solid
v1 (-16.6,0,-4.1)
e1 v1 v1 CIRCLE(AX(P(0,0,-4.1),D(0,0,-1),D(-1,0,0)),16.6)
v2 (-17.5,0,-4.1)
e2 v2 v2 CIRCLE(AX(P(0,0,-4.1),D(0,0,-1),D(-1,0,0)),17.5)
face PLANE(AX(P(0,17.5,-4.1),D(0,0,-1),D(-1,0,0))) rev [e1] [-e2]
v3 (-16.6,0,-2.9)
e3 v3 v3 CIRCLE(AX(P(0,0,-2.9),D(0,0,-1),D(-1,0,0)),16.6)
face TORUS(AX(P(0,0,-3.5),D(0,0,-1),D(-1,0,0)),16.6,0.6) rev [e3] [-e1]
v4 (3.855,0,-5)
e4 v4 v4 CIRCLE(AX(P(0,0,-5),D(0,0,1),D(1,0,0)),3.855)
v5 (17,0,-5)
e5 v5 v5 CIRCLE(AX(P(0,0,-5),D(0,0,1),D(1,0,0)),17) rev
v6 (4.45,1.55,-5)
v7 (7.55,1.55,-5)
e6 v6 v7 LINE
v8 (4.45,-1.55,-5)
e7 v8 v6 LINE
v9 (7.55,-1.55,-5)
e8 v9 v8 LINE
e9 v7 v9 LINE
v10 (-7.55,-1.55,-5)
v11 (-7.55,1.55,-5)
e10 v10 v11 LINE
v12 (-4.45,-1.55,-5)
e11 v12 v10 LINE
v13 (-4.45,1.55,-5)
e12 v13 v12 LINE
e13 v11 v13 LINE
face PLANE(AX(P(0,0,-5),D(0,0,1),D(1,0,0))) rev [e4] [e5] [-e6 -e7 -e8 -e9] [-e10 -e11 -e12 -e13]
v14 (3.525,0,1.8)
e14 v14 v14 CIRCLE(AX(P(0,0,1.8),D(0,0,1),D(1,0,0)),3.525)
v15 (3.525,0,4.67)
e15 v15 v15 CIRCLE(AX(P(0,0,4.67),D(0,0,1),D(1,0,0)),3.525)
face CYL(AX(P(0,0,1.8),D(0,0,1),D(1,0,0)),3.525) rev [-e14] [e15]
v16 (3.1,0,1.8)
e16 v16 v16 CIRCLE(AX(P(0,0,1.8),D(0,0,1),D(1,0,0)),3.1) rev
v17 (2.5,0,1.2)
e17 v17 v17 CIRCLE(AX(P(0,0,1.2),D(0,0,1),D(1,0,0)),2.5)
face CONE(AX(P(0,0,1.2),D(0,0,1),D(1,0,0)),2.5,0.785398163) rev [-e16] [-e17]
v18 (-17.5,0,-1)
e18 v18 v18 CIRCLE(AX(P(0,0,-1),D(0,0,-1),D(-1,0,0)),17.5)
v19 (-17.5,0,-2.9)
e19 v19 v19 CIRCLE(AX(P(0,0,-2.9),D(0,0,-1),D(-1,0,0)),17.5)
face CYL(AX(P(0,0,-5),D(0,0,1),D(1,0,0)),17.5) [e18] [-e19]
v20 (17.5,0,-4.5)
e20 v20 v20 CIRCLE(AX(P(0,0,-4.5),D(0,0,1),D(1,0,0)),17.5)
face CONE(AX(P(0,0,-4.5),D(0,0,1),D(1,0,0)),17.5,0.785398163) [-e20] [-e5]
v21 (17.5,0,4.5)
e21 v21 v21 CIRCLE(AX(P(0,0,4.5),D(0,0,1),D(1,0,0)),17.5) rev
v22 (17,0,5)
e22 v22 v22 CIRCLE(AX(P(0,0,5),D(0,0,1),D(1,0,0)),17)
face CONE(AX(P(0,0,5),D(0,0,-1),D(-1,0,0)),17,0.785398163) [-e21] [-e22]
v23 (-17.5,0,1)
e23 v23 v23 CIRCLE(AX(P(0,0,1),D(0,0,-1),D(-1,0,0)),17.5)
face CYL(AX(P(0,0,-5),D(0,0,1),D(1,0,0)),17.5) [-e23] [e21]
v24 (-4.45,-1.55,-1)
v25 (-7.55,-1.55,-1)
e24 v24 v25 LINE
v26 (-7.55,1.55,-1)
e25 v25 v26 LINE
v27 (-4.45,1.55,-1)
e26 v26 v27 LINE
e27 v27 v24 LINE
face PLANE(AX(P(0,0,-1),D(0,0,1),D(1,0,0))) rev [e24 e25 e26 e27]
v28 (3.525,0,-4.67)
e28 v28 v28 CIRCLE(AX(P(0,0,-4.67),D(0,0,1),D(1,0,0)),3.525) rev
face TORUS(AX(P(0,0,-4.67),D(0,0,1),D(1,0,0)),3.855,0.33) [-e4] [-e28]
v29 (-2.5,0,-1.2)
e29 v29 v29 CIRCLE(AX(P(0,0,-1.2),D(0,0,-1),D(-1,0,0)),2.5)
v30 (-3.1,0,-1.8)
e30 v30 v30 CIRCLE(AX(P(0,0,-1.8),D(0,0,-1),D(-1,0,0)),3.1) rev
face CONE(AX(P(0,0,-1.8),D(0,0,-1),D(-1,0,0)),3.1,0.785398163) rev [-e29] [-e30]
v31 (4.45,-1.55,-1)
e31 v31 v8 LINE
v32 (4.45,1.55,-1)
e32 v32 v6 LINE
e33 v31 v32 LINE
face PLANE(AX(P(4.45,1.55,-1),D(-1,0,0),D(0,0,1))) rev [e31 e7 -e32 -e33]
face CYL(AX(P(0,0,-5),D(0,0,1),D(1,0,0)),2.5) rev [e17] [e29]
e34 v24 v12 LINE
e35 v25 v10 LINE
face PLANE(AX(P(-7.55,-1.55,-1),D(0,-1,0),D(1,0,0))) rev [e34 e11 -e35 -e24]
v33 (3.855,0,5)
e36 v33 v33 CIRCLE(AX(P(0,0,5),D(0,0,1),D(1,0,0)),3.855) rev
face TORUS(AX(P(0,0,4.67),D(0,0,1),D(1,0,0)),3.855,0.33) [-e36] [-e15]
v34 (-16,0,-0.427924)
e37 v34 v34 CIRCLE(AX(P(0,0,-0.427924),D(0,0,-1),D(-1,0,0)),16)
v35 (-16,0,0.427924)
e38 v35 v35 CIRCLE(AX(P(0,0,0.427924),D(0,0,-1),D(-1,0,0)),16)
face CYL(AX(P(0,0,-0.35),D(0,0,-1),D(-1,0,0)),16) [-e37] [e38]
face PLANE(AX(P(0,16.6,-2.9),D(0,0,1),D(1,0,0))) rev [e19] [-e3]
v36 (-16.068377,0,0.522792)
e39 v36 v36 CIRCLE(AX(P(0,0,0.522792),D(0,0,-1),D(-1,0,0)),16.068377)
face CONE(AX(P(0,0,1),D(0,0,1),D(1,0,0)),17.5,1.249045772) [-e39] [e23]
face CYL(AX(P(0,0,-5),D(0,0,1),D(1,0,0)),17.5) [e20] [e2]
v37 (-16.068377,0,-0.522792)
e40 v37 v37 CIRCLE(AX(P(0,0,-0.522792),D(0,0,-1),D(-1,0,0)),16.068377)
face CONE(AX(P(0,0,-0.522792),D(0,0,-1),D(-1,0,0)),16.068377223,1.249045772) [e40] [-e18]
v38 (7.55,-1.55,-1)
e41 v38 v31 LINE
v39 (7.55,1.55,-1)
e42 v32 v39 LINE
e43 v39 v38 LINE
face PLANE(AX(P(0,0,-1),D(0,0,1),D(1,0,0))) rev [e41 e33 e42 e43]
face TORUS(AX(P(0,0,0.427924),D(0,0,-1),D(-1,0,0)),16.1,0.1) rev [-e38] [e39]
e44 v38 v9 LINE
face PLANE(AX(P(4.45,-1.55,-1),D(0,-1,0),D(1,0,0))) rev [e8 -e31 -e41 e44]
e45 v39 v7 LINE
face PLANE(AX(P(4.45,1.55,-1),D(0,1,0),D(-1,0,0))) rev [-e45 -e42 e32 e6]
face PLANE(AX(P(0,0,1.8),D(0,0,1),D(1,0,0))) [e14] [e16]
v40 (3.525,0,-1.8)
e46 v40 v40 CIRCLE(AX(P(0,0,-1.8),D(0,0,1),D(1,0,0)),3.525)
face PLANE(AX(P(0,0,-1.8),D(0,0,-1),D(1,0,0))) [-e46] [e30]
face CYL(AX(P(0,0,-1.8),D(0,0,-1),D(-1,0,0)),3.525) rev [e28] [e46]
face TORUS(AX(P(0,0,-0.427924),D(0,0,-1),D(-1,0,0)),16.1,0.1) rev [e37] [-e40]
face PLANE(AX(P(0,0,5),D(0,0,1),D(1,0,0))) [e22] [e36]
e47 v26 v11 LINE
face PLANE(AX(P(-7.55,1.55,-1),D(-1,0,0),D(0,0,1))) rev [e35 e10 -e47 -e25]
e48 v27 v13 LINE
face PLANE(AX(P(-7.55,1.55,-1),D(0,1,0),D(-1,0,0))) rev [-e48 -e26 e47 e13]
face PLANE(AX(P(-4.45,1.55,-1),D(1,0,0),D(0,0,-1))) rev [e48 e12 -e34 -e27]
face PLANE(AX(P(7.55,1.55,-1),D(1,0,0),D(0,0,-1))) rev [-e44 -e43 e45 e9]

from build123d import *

# Parameters (mm, degrees)
BOSS_EXTRUDE1_DEPTH      = 5
BOSS_EXTRUDE1_DEPTH_BACK = 5
SKETCH1_R                = 17.5
SKETCH2_R                = 3.525
CUT_EXTRUDE1_DEPTH       = 3.2
CHAMFER1_SIZE            = 0.5
SKETCH4_R                = 2.5
CUT_EXTRUDE2_DEPTH       = 26.665930725
CHAMFER2_SIZE            = 0.6
CHAMFER2_OF_MIRROR2_SIZE = 0.6
FILLET1_R                = 0.33
SKETCH9_W                = 3.1
SKETCH9_H                = 3.1
CUT_EXTRUDE4_DEPTH       = 4


with BuildPart() as part:
    # Sketch1 → Boss-Extrude1 (new, two sides: drawn at the far end of the back side and taken through both)
    with BuildSketch(Plane.XY.offset(-BOSS_EXTRUDE1_DEPTH_BACK)):
        Circle(SKETCH1_R)
    extrude(amount=BOSS_EXTRUDE1_DEPTH + BOSS_EXTRUDE1_DEPTH_BACK)

    # Sketch3 → Cut-Revolve1 (revolve, cut)
    with BuildSketch(Plane(origin=(0, 0, 0), x_dir=(0, 0, -1), z_dir=(1, 0, 0))):
        with BuildLine():
            Line((-1, 17.5), (-0.522792408, 16.068377223))
            ThreePointArc((-0.522792408, 16.068377223), (-0.486395106, 16.018875781), (-0.427924078, 16))
            Line((-0.427924078, 16), (0.427924078, 16))
            ThreePointArc((0.427924078, 16), (0.486395106, 16.018875781), (0.522792408, 16.068377223))
            Line((0.522792408, 16.068377223), (1, 17.5))
            Line((1, 17.5), (-1, 17.5))
        make_face()
    revolve(axis=Axis((0, 0, -0.35), (0, 0, 1)), mode=Mode.SUBTRACT)

    # Sketch2 → Cut-Extrude1 (cut)
    with BuildSketch(Plane.XY.offset(5)):
        Circle(SKETCH2_R)
    cut_extrude1 = extrude(amount=-CUT_EXTRUDE1_DEPTH, mode=Mode.SUBTRACT)

    # Chamfer1
    chamfer1_edges = [part.edges().sort_by_distance(p)[0] for p in [
        (-17.5, 0, 5),
        (-17.5, 0, -5),
    ]]
    chamfer(chamfer1_edges, length=CHAMFER1_SIZE)

    # Sketch4 → Cut-Extrude2 (cut, through all)
    with BuildSketch(Plane.XY.offset(1.8)):
        Circle(SKETCH4_R)
    extrude(amount=-CUT_EXTRUDE2_DEPTH, mode=Mode.SUBTRACT)

    # Chamfer2
    chamfer2_edges = [part.edges().sort_by_distance(p)[0] for p in [
        (-2.5, 0, 1.8),
    ]]
    chamfer(chamfer2_edges, length=CHAMFER2_SIZE)

    # Mirror2: Cut-Extrude1 across plane
    add(cut_extrude1.mirror(Plane.XY), mode=Mode.SUBTRACT)

    # Chamfer2 of Mirror2
    chamfer2_of_mirror2_edges = [part.edges().sort_by_distance(p)[0] for p in [
        (-2.5, 0, -1.8),
    ]]
    chamfer(chamfer2_of_mirror2_edges, length=CHAMFER2_OF_MIRROR2_SIZE)

    # Sketch7 → Cut-Revolve3 (revolve, cut)
    with BuildSketch(Plane(origin=(0, 0, 0), x_dir=(0, 0, -1), z_dir=(1, 0, 0))):
        with BuildLine():
            Line((2.9, 16.6), (2.9, 17.5))
            Line((2.9, 17.5), (4.1, 17.5))
            Line((4.1, 17.5), (4.1, 16.6))
            ThreePointArc((4.1, 16.6), (3.5, 16), (2.9, 16.6))
        make_face()
    revolve(axis=Axis((0, 0, -0.35), (0, 0, 1)), mode=Mode.SUBTRACT)

    # Fillet1
    fillet1_edges = [part.edges().sort_by_distance(p)[0] for p in [
        (-3.525, 0, 5),
        (-3.525, 0, -5),
    ]]
    fillet(fillet1_edges, radius=FILLET1_R)

    # Sketch9 → Cut-Extrude4 (cut)
    with BuildSketch(Plane(origin=(0, 0, -5), x_dir=(-1, 0, 0), z_dir=(0, 0, -1))):
        with Locations((-6, 0)):
            Rectangle(SKETCH9_W, SKETCH9_H)
        with Locations((6, 0)):
            Rectangle(SKETCH9_W, SKETCH9_H)
    extrude(amount=-CUT_EXTRUDE4_DEPTH, mode=Mode.SUBTRACT)


solid = part.part
